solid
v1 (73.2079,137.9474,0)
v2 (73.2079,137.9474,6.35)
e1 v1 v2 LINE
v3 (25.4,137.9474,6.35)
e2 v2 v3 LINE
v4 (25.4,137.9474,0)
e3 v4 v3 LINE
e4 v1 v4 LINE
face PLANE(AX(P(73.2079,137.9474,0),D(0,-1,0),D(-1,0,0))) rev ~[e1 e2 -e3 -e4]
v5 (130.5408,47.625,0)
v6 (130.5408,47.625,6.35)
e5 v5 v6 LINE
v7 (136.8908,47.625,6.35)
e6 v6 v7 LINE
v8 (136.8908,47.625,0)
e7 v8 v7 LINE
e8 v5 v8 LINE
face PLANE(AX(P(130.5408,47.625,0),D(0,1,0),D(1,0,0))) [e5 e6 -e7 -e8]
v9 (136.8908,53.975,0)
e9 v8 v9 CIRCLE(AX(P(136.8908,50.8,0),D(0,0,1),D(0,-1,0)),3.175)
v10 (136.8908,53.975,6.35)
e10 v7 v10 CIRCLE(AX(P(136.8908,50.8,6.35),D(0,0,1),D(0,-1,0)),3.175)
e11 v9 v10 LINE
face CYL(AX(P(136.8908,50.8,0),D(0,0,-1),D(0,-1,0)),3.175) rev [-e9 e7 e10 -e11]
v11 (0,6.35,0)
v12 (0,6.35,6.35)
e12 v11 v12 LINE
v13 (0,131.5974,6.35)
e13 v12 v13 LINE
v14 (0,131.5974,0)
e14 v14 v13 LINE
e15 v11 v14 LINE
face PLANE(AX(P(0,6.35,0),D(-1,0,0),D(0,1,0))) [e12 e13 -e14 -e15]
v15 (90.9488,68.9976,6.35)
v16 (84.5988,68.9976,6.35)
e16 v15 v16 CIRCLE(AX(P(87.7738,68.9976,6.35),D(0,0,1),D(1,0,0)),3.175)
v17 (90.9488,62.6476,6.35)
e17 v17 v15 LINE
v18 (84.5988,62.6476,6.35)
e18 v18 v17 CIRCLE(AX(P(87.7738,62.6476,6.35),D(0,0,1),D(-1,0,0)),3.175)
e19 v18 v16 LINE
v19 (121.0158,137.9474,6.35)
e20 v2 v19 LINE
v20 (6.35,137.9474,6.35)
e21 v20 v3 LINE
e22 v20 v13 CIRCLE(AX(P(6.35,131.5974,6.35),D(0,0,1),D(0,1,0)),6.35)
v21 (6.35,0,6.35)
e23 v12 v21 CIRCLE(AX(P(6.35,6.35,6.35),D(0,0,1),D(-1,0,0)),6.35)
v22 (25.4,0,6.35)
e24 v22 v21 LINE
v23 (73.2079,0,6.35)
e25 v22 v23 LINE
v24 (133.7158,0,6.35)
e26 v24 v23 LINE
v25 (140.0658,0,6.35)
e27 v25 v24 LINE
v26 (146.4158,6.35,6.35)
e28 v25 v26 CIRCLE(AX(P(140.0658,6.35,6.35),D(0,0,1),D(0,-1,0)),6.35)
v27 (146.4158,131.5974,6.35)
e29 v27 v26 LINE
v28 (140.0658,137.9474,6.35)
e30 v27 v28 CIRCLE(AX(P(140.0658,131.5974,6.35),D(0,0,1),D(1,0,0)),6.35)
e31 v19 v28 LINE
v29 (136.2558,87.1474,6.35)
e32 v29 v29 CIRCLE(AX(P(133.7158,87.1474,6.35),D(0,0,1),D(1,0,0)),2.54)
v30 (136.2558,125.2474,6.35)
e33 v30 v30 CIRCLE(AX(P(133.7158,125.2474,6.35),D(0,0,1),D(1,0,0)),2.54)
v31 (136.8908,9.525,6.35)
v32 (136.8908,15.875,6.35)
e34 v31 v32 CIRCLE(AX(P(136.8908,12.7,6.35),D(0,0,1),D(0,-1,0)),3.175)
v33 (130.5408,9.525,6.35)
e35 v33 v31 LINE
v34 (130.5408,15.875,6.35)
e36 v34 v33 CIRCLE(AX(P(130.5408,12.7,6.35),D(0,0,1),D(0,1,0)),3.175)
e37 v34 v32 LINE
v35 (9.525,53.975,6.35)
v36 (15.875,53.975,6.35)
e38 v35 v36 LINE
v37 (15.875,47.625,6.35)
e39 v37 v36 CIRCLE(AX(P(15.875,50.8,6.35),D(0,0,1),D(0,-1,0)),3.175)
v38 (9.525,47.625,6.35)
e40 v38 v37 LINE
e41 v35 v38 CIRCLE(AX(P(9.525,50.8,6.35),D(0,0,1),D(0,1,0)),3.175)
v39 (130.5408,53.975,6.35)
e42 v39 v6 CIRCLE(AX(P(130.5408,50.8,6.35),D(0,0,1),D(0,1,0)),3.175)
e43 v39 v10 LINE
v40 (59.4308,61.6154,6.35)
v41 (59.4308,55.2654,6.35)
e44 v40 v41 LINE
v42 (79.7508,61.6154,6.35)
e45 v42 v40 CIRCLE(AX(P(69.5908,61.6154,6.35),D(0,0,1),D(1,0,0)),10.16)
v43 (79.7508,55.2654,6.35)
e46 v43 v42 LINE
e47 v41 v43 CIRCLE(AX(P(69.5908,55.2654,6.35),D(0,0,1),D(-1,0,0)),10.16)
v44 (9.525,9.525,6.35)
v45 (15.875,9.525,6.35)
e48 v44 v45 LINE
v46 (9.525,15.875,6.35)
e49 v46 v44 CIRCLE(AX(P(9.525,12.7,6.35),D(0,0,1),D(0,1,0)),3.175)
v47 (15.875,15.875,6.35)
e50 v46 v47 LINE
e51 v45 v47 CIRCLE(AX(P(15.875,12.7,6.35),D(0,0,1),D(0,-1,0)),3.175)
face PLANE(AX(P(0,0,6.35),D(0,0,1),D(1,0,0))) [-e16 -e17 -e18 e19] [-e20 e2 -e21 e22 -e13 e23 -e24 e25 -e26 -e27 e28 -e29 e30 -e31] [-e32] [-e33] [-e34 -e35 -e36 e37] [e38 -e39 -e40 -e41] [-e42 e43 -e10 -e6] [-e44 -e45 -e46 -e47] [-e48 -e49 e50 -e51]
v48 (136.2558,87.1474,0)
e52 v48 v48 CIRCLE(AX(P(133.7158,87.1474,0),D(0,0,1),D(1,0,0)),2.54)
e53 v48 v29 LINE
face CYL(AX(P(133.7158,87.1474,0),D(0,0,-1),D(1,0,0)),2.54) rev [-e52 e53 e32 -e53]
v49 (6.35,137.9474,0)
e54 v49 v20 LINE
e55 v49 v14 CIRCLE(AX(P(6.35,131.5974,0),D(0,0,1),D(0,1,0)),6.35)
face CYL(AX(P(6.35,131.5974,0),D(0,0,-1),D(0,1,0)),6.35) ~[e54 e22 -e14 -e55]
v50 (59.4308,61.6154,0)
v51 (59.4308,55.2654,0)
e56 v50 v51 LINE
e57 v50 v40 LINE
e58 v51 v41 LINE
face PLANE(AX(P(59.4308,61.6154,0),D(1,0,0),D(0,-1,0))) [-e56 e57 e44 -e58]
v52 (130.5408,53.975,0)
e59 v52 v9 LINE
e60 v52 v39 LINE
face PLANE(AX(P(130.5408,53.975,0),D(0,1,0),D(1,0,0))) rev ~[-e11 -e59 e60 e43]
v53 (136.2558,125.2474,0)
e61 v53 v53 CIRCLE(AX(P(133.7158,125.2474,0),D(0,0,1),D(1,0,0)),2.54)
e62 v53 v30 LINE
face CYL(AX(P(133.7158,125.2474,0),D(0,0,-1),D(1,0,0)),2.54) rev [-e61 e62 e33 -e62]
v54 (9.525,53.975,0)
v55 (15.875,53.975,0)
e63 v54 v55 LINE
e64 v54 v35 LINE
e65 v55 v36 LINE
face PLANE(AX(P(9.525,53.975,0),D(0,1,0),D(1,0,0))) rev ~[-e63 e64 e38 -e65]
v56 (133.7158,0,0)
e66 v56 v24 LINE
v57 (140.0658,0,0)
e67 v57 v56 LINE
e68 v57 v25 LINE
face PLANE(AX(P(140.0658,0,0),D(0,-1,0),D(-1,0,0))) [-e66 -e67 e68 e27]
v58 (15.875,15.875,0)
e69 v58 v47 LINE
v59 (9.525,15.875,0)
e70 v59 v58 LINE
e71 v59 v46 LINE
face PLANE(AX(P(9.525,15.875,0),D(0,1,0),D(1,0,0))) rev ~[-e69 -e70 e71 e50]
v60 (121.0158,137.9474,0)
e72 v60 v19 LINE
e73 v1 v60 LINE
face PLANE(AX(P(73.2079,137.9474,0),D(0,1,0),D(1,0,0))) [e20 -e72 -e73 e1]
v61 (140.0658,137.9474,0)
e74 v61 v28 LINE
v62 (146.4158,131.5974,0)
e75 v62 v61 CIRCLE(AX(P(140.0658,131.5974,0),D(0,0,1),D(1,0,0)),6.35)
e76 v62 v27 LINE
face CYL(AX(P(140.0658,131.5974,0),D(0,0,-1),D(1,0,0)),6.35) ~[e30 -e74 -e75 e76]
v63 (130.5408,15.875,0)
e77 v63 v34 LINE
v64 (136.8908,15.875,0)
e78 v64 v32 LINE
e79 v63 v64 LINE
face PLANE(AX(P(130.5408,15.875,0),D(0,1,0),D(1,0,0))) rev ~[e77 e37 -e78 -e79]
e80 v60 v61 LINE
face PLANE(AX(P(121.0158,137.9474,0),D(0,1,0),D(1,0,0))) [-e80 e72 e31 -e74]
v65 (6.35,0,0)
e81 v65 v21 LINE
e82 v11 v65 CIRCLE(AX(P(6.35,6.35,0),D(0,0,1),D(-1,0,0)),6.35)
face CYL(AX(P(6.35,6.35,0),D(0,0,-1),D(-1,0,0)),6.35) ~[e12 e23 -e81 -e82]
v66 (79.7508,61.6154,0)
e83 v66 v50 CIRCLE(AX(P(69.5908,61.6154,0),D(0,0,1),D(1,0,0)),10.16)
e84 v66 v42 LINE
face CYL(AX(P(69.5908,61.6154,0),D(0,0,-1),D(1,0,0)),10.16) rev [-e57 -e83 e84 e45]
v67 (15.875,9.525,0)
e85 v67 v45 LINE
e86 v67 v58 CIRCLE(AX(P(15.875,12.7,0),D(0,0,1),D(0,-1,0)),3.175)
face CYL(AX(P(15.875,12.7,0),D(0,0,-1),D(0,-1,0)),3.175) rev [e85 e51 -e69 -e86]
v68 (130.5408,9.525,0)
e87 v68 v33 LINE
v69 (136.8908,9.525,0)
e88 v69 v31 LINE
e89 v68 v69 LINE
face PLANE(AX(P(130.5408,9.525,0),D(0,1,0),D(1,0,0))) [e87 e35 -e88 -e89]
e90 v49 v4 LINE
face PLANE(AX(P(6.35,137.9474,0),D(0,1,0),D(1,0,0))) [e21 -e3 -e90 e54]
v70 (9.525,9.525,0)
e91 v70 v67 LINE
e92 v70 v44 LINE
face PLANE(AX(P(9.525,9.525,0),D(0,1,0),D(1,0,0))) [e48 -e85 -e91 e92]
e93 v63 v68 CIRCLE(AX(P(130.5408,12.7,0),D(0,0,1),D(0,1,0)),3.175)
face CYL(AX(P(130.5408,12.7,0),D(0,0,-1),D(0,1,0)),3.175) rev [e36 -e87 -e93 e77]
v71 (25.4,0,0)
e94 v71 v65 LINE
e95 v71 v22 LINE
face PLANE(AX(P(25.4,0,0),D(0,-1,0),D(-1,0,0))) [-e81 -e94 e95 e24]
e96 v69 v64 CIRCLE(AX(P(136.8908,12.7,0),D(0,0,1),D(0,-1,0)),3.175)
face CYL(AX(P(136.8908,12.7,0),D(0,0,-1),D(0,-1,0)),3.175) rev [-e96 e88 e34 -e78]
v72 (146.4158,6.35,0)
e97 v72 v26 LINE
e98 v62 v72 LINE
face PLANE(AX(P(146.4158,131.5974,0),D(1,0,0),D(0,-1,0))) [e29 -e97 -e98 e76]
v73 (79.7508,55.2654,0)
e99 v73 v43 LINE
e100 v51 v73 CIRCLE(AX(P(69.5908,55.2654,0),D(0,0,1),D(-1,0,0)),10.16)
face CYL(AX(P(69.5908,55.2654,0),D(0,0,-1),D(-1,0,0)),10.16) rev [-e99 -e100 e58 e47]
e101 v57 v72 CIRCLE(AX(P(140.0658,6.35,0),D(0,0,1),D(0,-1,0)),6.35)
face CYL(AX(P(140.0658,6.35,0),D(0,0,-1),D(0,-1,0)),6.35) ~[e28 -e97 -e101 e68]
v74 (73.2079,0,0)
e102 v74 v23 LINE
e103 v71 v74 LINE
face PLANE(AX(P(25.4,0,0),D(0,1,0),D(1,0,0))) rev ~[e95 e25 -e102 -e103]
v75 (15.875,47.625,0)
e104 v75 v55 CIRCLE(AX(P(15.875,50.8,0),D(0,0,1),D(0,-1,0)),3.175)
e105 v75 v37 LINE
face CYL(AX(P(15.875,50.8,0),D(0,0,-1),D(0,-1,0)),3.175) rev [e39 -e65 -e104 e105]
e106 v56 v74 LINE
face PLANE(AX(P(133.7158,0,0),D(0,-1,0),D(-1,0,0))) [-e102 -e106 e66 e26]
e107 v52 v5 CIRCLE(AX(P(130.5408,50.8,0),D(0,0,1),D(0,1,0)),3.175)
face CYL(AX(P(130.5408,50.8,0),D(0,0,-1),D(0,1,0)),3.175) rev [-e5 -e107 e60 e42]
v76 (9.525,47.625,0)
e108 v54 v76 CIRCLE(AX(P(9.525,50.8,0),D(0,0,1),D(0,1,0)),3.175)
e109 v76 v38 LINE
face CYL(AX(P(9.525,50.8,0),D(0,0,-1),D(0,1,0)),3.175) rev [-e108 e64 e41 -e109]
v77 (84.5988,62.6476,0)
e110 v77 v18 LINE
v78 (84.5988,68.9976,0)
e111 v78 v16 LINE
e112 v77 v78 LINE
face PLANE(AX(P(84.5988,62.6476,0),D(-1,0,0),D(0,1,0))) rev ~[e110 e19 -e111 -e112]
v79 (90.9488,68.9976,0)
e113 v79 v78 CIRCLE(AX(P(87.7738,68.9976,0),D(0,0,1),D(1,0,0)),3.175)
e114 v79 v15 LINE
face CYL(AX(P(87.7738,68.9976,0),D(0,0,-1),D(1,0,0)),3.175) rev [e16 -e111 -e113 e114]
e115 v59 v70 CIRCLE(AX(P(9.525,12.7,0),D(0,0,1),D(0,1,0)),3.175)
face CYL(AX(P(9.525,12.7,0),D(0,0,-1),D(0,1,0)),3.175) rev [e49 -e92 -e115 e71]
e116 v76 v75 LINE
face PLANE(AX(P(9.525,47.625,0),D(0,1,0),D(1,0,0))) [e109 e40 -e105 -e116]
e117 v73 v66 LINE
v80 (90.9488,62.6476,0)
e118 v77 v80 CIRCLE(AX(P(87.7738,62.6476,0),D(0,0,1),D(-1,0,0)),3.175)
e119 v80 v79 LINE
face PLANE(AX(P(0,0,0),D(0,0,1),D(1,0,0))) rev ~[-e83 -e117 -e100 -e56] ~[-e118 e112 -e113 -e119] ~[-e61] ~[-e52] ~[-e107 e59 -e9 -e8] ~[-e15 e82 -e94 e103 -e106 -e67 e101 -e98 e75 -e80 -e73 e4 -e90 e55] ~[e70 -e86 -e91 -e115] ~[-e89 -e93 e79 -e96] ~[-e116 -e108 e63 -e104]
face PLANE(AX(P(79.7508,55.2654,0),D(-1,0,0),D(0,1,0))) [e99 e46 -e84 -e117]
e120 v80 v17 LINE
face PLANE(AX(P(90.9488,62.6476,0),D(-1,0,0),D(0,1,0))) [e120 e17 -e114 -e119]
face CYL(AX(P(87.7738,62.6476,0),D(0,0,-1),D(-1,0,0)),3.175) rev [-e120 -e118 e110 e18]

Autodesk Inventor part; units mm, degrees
ref_plane "YZ Plane" through (0, 0, 0) normal (1, 0, 0) x (0, 1, 0)
ref_plane "XZ Plane" through (0, 0, 0) normal (0, 1, 0) x (-1, 0, 0)
ref_plane "XY Plane" through (0, 0, 0) normal (0, 0, 1) x (1, 0, 0)
sketch "Sketch1" plane through (0, 0, 0) normal (0, 0, 1) x (1, 0, 0)
  line L0 (73.2079, 137.9474) -> (121.0158, 137.9474)
  line L1 (133.7158, 0) -> (73.2079, 0)
  line L2 (73.2079, 137.9474) -> (25.4, 137.9474)
  line L3 (25.4, 0) -> (73.2079, 0)
  line L4 (121.0158, 137.9474) -> (140.0658, 137.9474)
  arc A0 (146.4158, 131.5974) -> (140.0658, 137.9474) centre (140.0658, 131.5974) ccw
  line L5 (146.4158, 131.5974) -> (146.4158, 6.35)
  line L6 (25.4, 0) -> (6.35, 0)
  arc A1 (0, 6.35) -> (6.35, 0) centre (6.35, 6.35) ccw
  line L7 (0, 6.35) -> (0, 131.5974)
  arc A2 (6.35, 137.9474) -> (0, 131.5974) centre (6.35, 131.5974) ccw
  line L8 (6.35, 137.9474) -> (25.4, 137.9474)
  line L9 (140.0658, 0) -> (133.7158, 0)
  arc A3 (140.0658, 0) -> (146.4158, 6.35) centre (140.0658, 6.35) ccw
  arc A4 (9.525, 53.975) -> (9.525, 47.625) centre (9.525, 50.8) ccw
  arc A5 (15.875, 47.625) -> (15.875, 53.975) centre (15.875, 50.8) ccw
  line L10 (9.525, 53.975) -> (15.875, 53.975)
  line L11 (9.525, 47.625) -> (15.875, 47.625)
  arc A6 (9.525, 15.875) -> (9.525, 9.525) centre (9.525, 12.7) ccw
  arc A7 (15.875, 9.525) -> (15.875, 15.875) centre (15.875, 12.7) ccw
  line L12 (9.525, 15.875) -> (15.875, 15.875)
  line L13 (9.525, 9.525) -> (15.875, 9.525)
  arc A8 (130.5408, 53.975) -> (130.5408, 47.625) centre (130.5408, 50.8) ccw
  arc A9 (136.8908, 47.625) -> (136.8908, 53.975) centre (136.8908, 50.8) ccw
  line L14 (130.5408, 53.975) -> (136.8908, 53.975)
  line L15 (130.5408, 47.625) -> (136.8908, 47.625)
  arc A10 (130.5408, 15.875) -> (130.5408, 9.525) centre (130.5408, 12.7) ccw
  arc A11 (136.8908, 9.525) -> (136.8908, 15.875) centre (136.8908, 12.7) ccw
  line L16 (130.5408, 15.875) -> (136.8908, 15.875)
  line L17 (130.5408, 9.525) -> (136.8908, 9.525)
  arc A12 (84.5988, 62.6476) -> (90.9488, 62.6476) centre (87.7738, 62.6476) ccw
  arc A13 (90.9488, 68.9976) -> (84.5988, 68.9976) centre (87.7738, 68.9976) ccw
  line L18 (84.5988, 62.6476) -> (84.5988, 68.9976)
  line L19 (90.9488, 62.6476) -> (90.9488, 68.9976)
  circle A14 centre (133.7158, 125.2474) radius 2.54
  circle A15 centre (133.7158, 87.1474) radius 2.54
  arc A16 (79.7508, 61.6154) -> (59.4308, 61.6154) centre (69.5908, 61.6154) ccw
  arc A17 (59.4308, 55.2654) -> (79.7508, 55.2654) centre (69.5908, 55.2654) ccw
  line L20 (79.7508, 55.2654) -> (79.7508, 61.6154)
  line L21 (59.4308, 61.6154) -> (59.4308, 55.2654)
  point P0 (0, 0)
extrude "Extrusion1" add sketch "Sketch1" along normal blind 6.35
properties part number "vrRig_v8_projMount01"
